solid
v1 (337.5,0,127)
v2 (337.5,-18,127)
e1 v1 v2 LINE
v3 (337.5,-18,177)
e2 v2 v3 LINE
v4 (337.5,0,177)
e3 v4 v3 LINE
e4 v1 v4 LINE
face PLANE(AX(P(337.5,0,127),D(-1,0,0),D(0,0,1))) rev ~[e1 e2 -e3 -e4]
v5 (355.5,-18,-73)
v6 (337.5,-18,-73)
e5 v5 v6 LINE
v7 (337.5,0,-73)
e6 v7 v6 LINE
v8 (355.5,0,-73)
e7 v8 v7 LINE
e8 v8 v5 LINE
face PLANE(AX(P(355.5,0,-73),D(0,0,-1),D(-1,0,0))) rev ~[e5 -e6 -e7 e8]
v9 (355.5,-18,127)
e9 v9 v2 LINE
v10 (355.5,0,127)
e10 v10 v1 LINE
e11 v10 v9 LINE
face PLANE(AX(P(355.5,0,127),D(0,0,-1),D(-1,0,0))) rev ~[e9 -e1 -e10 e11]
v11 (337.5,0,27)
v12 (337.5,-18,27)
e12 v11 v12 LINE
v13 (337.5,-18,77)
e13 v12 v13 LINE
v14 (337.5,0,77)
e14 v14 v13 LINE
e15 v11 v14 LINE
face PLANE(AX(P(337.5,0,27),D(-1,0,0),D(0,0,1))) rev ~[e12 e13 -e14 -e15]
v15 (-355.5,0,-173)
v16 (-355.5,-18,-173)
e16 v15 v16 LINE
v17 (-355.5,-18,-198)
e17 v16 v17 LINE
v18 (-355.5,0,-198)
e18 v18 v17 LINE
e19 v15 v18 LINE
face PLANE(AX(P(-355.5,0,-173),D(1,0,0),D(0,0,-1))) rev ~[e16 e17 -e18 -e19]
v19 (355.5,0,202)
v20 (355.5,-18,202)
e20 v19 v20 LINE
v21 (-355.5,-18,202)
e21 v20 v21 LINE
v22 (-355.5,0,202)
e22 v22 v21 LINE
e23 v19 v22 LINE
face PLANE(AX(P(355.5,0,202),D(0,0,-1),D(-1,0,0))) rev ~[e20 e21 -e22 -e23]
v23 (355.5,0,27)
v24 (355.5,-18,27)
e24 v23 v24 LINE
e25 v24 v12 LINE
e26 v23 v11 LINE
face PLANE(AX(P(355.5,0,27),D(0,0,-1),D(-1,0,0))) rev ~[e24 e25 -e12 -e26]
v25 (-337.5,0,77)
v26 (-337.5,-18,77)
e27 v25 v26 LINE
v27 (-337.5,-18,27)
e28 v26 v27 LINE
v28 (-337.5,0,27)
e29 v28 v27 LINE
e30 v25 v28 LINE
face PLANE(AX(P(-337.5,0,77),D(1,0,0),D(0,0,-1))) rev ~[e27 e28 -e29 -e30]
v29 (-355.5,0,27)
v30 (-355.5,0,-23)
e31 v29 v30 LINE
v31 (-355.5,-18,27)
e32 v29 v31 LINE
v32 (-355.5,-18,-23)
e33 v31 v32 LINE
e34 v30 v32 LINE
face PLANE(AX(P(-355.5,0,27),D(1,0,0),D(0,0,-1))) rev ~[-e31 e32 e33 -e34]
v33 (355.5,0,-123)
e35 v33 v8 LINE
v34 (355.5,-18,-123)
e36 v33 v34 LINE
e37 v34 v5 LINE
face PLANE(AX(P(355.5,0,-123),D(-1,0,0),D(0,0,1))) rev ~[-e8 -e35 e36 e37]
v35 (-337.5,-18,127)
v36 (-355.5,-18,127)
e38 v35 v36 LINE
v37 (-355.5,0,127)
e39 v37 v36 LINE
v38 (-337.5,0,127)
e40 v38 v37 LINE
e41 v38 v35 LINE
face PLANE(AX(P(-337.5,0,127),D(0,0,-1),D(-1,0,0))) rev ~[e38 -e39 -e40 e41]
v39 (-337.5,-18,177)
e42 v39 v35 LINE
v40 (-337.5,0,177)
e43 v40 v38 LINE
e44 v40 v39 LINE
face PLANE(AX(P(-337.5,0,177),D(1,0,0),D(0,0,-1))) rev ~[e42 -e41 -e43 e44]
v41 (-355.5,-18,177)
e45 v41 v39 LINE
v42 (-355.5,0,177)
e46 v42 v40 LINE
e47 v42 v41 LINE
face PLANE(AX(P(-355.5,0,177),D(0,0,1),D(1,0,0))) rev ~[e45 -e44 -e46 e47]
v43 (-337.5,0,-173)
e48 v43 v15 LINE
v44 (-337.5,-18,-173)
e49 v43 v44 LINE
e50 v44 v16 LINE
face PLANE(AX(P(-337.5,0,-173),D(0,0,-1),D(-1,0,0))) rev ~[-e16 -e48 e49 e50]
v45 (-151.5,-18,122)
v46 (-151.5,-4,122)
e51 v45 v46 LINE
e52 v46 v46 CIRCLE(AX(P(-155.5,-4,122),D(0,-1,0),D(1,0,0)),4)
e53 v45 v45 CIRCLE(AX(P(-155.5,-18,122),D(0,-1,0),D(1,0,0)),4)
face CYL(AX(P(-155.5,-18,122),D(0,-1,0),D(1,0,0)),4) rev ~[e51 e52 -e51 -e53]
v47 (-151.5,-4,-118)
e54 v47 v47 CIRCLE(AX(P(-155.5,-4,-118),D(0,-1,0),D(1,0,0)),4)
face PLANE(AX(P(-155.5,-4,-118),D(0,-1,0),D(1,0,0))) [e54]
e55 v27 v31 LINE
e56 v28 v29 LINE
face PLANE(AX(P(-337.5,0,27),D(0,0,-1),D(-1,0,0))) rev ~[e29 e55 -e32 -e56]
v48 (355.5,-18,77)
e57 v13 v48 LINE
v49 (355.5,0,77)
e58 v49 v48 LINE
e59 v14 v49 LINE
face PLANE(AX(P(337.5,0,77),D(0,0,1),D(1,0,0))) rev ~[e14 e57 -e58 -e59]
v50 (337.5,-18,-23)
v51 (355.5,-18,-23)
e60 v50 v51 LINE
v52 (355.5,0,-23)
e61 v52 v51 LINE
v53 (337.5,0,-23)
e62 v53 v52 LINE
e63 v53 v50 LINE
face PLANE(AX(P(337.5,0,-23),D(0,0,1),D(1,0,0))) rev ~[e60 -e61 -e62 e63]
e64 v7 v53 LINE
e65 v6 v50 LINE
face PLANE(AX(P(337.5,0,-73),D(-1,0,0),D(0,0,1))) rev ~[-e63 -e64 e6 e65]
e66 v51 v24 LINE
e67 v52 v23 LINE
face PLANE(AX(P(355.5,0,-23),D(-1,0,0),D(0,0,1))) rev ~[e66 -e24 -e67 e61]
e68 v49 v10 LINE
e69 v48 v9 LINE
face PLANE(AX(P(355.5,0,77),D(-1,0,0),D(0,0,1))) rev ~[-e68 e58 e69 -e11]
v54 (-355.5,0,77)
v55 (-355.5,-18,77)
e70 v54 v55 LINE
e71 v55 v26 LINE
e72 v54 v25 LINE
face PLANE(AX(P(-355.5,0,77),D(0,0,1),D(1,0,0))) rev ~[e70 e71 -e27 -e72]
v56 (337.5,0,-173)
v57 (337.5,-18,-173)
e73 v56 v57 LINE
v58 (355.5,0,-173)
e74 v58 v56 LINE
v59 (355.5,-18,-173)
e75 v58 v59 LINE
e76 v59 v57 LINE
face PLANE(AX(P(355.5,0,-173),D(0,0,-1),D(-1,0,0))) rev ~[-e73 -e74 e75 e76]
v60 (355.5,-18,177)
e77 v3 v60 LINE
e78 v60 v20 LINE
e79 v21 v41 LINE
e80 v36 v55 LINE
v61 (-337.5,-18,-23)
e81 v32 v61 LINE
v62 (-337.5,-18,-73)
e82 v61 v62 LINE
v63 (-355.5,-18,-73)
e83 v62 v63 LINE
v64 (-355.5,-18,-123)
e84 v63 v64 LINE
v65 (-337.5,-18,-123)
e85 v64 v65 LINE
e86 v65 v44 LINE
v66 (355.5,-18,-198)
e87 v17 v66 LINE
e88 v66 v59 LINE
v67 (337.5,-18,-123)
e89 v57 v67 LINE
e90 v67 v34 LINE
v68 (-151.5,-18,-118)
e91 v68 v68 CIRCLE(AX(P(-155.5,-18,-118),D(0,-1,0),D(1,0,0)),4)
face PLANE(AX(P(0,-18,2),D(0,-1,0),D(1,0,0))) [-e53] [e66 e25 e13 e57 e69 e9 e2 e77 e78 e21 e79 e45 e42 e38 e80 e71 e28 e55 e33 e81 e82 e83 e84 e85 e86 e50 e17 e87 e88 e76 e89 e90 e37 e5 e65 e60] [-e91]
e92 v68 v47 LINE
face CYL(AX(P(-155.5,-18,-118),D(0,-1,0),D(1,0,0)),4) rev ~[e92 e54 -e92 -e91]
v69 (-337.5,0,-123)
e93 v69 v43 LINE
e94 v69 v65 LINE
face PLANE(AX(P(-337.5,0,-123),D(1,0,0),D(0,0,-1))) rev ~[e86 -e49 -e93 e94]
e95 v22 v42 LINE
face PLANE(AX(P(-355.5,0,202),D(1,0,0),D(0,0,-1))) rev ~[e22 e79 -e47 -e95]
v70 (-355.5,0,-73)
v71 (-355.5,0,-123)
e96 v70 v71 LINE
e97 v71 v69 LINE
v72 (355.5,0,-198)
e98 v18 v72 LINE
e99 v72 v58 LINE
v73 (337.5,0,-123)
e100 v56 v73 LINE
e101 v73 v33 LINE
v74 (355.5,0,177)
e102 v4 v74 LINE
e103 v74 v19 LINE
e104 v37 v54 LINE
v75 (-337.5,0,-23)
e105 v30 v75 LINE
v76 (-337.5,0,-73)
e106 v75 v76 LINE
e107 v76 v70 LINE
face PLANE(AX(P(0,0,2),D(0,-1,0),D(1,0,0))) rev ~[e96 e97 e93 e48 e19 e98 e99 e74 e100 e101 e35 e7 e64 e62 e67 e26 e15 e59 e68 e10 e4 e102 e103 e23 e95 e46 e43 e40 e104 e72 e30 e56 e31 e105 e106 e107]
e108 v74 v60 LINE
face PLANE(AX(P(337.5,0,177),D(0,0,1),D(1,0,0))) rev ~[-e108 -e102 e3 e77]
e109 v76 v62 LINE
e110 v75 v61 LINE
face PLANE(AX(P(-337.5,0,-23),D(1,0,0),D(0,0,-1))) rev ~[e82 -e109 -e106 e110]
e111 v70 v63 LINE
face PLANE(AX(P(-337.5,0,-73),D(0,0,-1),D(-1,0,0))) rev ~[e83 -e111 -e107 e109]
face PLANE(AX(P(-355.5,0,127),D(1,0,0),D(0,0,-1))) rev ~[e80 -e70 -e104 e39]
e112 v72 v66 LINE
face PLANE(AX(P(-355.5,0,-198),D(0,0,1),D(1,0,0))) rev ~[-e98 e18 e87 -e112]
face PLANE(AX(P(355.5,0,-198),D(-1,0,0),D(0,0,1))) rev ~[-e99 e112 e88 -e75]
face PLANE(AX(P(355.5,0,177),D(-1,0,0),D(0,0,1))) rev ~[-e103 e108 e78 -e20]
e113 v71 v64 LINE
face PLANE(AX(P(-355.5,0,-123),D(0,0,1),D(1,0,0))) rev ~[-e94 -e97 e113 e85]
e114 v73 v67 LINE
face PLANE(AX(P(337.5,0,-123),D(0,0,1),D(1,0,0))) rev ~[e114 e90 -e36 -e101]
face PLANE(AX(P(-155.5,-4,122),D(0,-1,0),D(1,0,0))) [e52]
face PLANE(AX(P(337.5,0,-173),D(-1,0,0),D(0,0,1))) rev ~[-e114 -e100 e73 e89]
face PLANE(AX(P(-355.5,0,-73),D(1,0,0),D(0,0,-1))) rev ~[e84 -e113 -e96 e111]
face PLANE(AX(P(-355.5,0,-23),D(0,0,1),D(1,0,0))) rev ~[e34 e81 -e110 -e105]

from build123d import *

# Parameters (mm, degrees)
F1_DEPTH = 18
F2_R     = 4
F3_DEPTH = 14


with BuildPart() as f1:
    # F0 (on Front) → F1 (new body)
    with BuildSketch(Plane.XZ):
        Polygon((355.5, 202), (-355.5, 202), (-355.5, 177), (-337.5, 177), (-337.5, 127), (-355.5, 127), (-355.5, 77), (-337.5, 77), (-337.5, 27), (-355.5, 27), (-355.5, -23), (-337.5, -23), (-337.5, -73), (-355.5, -73), (-355.5, -123), (-337.5, -123), (-337.5, -173), (-355.5, -173), (-355.5, -198), (355.5, -198), (355.5, -173), (337.5, -173), (337.5, -123), (355.5, -123), (355.5, -73), (337.5, -73), (337.5, -23), (355.5, -23), (355.5, 27), (337.5, 27), (337.5, 77), (355.5, 77), (355.5, 127), (337.5, 127), (337.5, 177), (355.5, 177), align=None)
    extrude(amount=F1_DEPTH)

    # F2 (on face) → F3 (cut)
    with BuildSketch(Plane.XZ.offset(18)):
        with Locations((-155.5, -118)):
            Circle(F2_R)
        with Locations((-155.5, 122)):
            Circle(F2_R)
    extrude(amount=-F3_DEPTH, mode=Mode.SUBTRACT)


solid = f1.part
